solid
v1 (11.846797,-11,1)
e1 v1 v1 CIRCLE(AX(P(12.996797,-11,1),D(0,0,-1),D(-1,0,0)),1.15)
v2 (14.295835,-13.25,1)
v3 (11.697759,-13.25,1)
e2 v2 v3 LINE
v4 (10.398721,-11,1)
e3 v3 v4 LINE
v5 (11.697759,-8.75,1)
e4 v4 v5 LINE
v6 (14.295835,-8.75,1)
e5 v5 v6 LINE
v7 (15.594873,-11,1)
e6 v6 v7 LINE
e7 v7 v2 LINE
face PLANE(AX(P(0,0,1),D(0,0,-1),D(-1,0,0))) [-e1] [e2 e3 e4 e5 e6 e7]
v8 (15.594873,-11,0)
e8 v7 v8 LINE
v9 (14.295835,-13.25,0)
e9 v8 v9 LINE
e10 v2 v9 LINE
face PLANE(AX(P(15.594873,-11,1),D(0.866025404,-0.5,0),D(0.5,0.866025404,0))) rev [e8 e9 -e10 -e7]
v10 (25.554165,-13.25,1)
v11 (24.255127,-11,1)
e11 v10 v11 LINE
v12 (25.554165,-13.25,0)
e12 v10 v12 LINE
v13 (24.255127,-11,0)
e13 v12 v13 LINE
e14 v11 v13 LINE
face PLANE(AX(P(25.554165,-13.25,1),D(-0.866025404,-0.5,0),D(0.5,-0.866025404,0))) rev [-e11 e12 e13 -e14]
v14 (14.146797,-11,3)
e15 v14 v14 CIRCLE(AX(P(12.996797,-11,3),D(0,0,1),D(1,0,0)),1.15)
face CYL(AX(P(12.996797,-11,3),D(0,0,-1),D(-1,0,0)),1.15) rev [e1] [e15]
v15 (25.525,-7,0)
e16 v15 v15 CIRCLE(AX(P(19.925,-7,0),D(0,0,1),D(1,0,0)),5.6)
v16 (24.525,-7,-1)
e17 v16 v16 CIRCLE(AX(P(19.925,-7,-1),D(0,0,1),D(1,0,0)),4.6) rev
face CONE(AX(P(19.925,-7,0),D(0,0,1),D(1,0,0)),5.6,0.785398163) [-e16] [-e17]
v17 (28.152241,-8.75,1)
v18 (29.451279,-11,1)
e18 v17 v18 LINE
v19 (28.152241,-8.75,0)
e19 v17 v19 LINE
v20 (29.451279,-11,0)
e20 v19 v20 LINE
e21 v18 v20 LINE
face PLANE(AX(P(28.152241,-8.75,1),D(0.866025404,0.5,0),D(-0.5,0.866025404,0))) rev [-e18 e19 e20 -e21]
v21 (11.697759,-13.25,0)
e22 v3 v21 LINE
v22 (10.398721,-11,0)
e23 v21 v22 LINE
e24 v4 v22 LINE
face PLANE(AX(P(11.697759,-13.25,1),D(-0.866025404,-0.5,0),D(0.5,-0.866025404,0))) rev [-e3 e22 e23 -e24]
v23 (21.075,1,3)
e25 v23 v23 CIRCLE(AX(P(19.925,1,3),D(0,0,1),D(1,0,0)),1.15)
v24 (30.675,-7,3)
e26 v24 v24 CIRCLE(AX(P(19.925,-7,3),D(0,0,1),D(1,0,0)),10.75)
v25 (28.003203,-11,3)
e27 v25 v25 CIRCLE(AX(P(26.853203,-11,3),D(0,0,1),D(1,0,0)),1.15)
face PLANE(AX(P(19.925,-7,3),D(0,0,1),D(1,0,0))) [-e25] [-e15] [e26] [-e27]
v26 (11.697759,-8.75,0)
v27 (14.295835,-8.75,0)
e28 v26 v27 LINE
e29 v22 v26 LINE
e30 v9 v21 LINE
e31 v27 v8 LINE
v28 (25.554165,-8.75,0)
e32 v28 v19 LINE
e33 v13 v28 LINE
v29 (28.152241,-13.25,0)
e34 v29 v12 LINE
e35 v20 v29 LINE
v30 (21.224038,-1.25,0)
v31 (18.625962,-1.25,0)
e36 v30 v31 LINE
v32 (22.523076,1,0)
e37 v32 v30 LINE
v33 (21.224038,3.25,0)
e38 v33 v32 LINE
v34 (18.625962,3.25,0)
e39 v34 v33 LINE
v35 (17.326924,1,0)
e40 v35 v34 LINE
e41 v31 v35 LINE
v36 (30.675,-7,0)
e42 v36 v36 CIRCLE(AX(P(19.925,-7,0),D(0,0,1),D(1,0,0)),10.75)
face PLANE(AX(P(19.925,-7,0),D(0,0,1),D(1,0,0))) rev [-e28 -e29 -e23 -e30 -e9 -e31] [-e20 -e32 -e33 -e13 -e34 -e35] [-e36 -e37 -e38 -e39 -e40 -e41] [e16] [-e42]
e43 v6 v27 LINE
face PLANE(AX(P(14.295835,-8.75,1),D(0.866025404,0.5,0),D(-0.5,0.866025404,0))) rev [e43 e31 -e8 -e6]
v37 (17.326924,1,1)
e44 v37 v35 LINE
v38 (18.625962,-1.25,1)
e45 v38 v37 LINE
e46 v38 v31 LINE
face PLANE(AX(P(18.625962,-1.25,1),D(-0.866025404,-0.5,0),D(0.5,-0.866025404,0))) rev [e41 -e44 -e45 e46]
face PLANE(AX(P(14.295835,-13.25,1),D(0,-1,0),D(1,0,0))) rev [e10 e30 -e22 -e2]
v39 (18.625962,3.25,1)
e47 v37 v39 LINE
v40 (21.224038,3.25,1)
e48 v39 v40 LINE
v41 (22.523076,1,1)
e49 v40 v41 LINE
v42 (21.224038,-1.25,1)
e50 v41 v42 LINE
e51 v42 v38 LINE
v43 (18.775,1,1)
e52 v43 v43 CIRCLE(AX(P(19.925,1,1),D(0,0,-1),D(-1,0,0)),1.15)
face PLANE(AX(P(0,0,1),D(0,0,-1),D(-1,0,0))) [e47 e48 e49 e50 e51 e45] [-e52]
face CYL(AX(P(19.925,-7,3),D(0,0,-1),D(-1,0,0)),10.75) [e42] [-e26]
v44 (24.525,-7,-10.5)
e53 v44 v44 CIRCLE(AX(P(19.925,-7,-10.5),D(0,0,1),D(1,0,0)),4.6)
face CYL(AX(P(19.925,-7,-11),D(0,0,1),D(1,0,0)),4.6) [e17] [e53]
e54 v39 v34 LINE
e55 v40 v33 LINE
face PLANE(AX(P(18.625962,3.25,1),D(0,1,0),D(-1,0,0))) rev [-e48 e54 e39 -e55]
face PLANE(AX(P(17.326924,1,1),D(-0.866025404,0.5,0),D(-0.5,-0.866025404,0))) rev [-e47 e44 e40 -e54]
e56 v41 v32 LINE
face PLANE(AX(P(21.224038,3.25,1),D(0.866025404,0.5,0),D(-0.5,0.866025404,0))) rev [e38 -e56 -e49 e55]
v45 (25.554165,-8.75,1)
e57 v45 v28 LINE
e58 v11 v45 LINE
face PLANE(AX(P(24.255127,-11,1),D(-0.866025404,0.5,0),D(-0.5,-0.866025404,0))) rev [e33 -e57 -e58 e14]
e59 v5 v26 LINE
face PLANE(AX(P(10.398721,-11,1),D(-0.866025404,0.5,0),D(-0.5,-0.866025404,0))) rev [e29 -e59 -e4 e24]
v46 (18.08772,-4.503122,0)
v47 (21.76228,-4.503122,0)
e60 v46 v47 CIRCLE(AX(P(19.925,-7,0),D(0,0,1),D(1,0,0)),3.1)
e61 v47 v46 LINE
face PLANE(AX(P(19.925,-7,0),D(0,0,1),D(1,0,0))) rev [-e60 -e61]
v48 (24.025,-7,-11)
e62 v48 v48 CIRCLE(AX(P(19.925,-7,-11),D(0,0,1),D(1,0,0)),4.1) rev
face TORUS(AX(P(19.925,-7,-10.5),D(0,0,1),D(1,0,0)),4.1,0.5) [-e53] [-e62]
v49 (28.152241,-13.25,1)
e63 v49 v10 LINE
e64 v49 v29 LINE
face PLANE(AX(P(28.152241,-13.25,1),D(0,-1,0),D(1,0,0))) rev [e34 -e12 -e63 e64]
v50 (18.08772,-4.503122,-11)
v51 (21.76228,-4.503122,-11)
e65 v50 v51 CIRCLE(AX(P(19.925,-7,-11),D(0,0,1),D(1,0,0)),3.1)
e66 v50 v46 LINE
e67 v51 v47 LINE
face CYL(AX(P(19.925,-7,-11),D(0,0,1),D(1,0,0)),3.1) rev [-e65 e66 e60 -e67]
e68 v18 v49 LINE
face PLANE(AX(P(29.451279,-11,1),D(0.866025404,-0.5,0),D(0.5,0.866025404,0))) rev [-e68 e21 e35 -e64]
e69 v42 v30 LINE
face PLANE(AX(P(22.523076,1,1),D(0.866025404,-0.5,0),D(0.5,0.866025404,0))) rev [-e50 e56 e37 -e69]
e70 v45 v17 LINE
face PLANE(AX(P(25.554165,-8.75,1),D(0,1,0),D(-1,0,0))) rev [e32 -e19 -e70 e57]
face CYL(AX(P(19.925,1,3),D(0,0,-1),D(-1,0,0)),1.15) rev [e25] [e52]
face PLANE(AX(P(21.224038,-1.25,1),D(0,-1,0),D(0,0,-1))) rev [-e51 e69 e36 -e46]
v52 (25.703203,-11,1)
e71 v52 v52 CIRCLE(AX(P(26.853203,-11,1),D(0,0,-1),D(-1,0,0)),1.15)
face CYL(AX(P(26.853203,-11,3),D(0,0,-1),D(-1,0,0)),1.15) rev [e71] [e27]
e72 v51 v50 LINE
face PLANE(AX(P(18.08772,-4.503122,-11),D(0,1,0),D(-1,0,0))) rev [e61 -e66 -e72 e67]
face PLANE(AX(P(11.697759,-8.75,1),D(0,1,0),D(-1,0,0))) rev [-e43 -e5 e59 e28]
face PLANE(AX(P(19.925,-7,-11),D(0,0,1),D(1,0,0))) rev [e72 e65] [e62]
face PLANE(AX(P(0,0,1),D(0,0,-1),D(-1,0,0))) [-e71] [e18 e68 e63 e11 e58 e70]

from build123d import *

# Parameters (mm, degrees)
SKETCH1_R           = 4.6
BOSS_EXTRUDE1_DEPTH = 11
SKETCH2_R           = 10.75
SKETCH2_R_2         = 1.15
BOSS_EXTRUDE2_DEPTH = 3
CUT_EXTRUDE1_DEPTH  = 1
CHAMFER1_SIZE       = 1
FILLET1_R           = 0.5


with BuildPart() as part:
    # Sketch1 → Boss-Extrude1 (new body)
    with BuildSketch(Plane.XY):
        with Locations((19.925, -7)):
            Circle(SKETCH1_R)
        with BuildLine():
            Line((18.087719777, -4.503121672), (21.762280223, -4.503121672))
            ThreePointArc((21.762280223, -4.503121672), (19.925, -10.1), (18.087719777, -4.503121672))
        make_face(mode=Mode.SUBTRACT)
    extrude(amount=-BOSS_EXTRUDE1_DEPTH)

    # Sketch2 → Boss-Extrude2 (add)
    with BuildSketch(Plane.XY):
        with Locations((19.925, -7)):
            Circle(SKETCH2_R)
        with Locations((19.925, 1)):
            Circle(SKETCH2_R_2, mode=Mode.SUBTRACT)
        with Locations((12.99679677, -11)):
            Circle(SKETCH2_R_2, mode=Mode.SUBTRACT)
        with Locations((26.85320323, -11)):
            Circle(SKETCH2_R_2, mode=Mode.SUBTRACT)
    extrude(amount=BOSS_EXTRUDE2_DEPTH)

    # Sketch3 → Cut-Extrude1 (cut)
    with BuildSketch(Plane(origin=(0, 0, 0), x_dir=(-1, 0, 0), z_dir=(0, 0, -1))):
        Polygon((-25.554165125, -8.75), (-28.152241336, -8.75), (-29.451279442, -11), (-28.152241336, -13.25), (-25.554165125, -13.25), (-24.255127019, -11), align=None)
        Polygon((-22.523076211, 1), (-21.224038106, -1.25), (-18.625961894, -1.25), (-17.326923789, 1), (-18.625961894, 3.25), (-21.224038106, 3.25), align=None)
        Polygon((-14.295834875, -8.75), (-15.594872981, -11), (-14.295834875, -13.25), (-11.697758664, -13.25), (-10.398720558, -11), (-11.697758664, -8.75), align=None)
    extrude(amount=-CUT_EXTRUDE1_DEPTH, mode=Mode.SUBTRACT)

    # Chamfer1
    chamfer1_edges = [part.edges().sort_by_distance(p)[0] for p in [
        (15.325, -7, 0),
    ]]
    chamfer(chamfer1_edges, length=CHAMFER1_SIZE)

    # Fillet1
    fillet1_edges = [part.edges().sort_by_distance(p)[0] for p in [
        (15.325, -7, -11),
    ]]
    fillet(fillet1_edges, radius=FILLET1_R)


solid = part.part
